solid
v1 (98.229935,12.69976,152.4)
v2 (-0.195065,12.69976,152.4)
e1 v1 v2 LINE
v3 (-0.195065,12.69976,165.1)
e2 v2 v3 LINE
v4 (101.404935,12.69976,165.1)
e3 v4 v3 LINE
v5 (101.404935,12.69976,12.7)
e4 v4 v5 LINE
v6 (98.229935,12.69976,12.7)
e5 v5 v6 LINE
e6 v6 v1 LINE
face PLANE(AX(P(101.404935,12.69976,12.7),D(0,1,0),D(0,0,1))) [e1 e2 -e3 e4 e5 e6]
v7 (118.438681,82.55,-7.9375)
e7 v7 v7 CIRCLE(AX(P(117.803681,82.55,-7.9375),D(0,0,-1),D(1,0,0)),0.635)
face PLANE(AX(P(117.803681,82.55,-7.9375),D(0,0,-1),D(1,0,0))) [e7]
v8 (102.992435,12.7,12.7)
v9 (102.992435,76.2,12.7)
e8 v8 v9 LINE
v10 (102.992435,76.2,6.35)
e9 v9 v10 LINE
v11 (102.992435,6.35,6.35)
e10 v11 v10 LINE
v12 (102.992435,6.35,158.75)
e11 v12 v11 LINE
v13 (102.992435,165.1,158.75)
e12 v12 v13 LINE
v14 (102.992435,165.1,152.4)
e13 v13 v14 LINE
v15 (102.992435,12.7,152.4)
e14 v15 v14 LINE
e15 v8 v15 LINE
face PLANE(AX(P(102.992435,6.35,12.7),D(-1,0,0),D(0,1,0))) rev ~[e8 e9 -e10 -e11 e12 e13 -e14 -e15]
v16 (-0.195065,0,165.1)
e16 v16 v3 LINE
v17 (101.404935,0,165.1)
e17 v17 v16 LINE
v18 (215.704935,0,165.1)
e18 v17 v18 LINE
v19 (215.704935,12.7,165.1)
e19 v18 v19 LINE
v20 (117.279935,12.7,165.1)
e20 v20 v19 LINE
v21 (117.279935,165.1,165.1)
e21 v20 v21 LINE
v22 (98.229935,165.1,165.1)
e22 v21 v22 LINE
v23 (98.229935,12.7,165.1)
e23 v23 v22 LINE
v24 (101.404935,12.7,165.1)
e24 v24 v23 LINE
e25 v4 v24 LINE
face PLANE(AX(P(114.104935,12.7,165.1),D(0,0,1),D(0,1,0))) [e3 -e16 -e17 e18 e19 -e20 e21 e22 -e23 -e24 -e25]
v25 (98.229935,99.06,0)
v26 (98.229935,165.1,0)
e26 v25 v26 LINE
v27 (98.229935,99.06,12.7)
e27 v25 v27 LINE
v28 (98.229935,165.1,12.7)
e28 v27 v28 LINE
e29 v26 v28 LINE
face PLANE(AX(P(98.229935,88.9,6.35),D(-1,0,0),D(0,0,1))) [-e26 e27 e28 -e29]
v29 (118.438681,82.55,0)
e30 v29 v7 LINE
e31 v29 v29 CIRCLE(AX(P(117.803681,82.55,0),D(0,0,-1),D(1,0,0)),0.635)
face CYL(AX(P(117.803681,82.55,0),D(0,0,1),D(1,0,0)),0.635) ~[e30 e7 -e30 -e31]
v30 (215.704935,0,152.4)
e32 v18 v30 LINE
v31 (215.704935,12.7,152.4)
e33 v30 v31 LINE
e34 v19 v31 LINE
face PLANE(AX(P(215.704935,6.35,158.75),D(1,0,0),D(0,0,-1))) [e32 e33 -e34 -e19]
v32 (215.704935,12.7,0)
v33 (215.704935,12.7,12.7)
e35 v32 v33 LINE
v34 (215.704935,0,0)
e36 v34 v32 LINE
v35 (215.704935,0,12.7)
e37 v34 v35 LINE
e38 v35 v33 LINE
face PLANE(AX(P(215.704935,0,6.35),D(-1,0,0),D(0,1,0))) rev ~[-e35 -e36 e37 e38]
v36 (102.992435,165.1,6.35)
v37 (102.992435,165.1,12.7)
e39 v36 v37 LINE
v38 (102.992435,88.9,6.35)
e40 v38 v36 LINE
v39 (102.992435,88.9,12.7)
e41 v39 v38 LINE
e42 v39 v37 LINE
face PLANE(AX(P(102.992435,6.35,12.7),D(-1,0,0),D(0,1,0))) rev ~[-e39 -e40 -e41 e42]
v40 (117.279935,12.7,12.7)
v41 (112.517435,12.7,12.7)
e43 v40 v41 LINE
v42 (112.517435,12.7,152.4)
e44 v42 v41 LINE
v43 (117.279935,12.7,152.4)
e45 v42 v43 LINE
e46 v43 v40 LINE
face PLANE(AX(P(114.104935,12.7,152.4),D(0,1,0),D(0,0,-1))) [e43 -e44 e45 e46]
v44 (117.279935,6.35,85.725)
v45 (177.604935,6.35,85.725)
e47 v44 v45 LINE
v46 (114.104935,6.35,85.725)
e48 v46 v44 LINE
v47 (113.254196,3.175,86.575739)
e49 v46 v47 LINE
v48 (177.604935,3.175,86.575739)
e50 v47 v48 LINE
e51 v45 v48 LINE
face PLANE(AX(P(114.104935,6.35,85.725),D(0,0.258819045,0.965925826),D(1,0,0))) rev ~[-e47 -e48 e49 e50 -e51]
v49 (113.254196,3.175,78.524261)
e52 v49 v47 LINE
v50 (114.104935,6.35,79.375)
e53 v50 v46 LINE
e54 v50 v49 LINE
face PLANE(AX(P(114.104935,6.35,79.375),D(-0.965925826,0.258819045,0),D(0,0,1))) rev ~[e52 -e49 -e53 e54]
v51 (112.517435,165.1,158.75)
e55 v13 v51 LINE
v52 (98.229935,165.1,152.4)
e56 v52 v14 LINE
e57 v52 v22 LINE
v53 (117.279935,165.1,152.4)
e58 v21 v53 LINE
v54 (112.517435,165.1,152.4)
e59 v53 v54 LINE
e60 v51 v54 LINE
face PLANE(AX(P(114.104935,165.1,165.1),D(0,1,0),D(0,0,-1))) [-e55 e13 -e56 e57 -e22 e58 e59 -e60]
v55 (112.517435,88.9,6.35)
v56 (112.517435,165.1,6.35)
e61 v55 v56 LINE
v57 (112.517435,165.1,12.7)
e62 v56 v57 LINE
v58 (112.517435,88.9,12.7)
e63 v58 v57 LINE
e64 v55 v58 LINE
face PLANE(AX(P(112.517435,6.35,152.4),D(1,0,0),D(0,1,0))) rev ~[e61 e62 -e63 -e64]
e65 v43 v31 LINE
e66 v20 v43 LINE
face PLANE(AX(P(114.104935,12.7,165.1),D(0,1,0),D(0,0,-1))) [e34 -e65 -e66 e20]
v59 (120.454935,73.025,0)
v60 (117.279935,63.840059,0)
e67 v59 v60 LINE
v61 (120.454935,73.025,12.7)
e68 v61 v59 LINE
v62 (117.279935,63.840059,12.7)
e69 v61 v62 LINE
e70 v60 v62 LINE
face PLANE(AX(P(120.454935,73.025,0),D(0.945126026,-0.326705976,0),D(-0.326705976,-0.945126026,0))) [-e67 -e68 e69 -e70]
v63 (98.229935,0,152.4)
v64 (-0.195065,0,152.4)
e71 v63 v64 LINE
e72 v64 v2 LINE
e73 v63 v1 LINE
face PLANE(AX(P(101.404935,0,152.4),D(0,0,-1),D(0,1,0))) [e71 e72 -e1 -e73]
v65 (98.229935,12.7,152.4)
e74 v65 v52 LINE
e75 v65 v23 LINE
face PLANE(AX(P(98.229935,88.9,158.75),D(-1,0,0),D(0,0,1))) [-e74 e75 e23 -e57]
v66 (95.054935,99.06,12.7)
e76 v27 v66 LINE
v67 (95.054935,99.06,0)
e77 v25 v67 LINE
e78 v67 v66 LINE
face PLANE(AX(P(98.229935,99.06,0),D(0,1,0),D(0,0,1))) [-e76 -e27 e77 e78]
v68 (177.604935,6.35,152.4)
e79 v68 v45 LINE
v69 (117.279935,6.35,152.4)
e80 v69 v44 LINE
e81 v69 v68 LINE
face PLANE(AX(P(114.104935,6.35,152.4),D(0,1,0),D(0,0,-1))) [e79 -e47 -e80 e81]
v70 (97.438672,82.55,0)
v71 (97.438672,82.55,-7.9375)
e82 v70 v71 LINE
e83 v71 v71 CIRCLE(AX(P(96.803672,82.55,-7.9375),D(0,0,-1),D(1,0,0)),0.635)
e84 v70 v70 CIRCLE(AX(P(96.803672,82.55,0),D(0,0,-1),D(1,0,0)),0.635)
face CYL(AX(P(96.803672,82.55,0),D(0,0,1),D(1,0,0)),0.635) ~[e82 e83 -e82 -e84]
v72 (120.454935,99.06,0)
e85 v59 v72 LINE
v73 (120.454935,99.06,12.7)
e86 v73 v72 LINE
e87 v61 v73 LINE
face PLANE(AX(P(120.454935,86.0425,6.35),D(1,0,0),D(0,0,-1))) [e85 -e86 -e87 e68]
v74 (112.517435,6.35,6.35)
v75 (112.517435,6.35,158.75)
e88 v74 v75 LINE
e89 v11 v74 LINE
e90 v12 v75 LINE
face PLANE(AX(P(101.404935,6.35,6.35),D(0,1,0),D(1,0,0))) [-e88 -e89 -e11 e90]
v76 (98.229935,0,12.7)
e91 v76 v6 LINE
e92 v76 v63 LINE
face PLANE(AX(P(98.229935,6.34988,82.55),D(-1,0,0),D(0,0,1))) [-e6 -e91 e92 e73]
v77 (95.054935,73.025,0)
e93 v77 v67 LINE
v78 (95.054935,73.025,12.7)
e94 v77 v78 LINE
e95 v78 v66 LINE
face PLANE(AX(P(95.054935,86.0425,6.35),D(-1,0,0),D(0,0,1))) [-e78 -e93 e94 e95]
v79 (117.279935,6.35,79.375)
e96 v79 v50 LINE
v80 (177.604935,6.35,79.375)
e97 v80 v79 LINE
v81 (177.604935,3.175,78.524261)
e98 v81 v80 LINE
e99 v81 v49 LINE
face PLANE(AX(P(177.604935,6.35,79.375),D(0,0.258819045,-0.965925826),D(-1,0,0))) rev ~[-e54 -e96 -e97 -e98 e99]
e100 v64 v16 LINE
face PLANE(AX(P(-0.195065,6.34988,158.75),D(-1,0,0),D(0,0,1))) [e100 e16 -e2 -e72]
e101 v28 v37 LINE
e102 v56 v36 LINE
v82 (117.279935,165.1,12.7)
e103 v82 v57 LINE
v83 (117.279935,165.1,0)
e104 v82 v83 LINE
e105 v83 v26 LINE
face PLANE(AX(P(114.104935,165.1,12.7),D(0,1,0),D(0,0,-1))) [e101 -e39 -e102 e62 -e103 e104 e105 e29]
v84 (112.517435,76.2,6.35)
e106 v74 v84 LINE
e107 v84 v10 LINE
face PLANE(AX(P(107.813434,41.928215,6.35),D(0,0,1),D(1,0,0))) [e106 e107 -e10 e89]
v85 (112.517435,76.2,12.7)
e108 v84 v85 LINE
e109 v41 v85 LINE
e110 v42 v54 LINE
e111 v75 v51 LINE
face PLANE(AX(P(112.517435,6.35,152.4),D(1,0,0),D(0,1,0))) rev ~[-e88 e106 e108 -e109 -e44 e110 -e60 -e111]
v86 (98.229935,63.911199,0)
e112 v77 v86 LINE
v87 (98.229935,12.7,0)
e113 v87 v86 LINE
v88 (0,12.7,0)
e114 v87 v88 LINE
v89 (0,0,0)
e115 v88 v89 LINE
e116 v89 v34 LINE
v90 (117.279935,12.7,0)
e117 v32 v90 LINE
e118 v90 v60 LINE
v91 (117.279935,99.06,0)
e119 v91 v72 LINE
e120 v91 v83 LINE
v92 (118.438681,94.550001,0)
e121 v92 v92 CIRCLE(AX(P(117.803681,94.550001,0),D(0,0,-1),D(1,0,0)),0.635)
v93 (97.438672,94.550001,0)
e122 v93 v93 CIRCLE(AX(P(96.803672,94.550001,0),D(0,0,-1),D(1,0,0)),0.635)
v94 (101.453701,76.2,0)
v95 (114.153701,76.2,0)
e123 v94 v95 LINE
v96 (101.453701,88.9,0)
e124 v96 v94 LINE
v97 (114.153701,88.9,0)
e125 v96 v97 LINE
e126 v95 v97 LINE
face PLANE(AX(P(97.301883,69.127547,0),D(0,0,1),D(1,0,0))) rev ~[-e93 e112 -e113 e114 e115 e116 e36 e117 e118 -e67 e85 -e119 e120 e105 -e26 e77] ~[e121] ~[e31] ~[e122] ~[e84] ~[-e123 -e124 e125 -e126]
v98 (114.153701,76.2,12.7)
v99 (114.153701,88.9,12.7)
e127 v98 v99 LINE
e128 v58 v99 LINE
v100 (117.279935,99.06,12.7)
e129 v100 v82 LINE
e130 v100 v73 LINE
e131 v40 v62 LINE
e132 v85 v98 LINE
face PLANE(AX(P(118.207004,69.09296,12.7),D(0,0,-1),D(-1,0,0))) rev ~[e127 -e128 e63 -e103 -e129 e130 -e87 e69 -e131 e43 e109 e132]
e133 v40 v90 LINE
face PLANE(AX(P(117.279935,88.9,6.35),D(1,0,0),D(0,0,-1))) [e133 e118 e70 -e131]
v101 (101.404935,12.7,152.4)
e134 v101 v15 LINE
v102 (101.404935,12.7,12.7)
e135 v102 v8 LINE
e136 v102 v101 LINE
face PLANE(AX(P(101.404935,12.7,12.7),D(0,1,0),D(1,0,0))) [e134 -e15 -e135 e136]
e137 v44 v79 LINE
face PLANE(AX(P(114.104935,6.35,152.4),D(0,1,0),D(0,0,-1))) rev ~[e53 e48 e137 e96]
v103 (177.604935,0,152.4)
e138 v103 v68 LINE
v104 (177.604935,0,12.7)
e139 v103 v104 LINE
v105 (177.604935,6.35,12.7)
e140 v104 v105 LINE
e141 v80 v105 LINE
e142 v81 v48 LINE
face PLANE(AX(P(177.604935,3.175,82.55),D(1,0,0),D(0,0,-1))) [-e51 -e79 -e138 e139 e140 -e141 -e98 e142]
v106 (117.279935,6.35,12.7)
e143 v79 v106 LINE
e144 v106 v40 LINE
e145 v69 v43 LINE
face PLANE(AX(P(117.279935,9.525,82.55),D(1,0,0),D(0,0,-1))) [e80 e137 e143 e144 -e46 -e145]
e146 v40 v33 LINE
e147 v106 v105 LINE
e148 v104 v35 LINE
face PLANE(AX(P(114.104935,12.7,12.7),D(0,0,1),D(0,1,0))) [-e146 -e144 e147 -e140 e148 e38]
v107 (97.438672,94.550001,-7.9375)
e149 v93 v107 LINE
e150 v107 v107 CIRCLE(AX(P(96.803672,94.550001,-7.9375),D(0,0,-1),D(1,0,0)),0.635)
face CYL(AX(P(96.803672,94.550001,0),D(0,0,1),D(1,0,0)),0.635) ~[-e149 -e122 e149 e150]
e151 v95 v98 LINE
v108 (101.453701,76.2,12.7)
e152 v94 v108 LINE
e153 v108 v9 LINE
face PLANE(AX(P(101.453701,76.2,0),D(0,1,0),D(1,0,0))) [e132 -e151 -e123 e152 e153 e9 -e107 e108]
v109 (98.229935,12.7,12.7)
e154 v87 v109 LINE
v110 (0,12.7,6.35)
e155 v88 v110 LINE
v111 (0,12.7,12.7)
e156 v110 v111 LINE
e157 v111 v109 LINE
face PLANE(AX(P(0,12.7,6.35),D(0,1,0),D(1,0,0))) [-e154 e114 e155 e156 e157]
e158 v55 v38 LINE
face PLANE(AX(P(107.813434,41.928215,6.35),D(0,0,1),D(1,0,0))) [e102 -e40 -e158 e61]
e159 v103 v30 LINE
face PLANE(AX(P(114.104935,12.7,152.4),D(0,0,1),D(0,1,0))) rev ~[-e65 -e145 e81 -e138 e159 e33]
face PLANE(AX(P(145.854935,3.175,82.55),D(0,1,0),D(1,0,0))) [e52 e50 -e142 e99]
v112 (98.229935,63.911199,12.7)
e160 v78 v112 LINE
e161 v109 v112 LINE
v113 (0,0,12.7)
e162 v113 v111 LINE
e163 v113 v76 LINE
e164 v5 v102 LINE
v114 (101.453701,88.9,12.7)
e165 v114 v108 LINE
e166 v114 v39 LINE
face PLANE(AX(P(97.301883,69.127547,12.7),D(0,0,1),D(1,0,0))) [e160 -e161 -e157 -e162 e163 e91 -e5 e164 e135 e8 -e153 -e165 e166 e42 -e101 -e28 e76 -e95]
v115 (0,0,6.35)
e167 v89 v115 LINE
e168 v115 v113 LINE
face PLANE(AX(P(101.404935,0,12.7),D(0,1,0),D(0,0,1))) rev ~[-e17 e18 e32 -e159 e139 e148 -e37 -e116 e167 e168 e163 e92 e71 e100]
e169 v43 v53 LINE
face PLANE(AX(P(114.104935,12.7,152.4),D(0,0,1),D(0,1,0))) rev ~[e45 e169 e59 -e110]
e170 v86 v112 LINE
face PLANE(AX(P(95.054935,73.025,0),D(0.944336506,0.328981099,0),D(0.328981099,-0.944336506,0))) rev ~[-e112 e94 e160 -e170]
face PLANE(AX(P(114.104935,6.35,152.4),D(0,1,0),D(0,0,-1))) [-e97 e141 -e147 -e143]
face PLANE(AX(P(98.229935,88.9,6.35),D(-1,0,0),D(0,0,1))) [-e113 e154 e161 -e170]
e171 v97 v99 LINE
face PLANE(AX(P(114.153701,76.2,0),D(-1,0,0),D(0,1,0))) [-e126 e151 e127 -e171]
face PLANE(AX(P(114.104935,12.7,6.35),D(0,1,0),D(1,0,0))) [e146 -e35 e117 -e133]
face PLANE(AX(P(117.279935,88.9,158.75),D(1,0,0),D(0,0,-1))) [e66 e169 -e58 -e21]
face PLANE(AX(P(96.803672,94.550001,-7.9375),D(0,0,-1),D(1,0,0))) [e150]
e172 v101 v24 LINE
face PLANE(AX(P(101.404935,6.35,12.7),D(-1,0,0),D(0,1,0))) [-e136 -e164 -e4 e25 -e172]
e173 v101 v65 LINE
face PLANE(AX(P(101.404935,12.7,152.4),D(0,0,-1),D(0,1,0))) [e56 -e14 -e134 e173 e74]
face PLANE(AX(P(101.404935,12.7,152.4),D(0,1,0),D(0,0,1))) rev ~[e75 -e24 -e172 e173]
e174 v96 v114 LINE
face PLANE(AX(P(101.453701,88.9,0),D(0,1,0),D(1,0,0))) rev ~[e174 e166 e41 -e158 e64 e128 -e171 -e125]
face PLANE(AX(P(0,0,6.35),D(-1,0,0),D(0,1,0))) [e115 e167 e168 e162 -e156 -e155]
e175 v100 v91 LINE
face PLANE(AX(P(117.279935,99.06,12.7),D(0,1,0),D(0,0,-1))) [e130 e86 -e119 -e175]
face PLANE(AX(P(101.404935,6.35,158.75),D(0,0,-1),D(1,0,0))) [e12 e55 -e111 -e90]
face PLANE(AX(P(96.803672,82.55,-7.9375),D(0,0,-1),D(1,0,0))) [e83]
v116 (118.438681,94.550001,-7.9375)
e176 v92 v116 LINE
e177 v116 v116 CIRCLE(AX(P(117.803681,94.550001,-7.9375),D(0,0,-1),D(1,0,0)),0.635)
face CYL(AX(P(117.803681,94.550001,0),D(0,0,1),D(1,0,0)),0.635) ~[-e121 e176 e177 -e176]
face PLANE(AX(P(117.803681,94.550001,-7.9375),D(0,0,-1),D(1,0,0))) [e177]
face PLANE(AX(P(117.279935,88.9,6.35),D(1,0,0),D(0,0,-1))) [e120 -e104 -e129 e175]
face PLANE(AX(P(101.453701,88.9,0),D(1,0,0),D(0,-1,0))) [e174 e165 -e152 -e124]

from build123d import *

# Parameters (mm, degrees)
BOSS_EXTRUDE2_DEPTH  = 6.35
BOSS_EXTRUDE3_DEPTH  = 6.35
SKETCH3_W            = 1.5875
SKETCH3_H            = 158.75
BOSS_EXTRUDE4_DEPTH  = 6.35
SKETCH4_W            = 12.7
SKETCH4_H            = 6.35
BOSS_EXTRUDE5_DEPTH  = 158.75
SKETCH5_W            = 12.7
SKETCH5_H            = 6.35
BOSS_EXTRUDE6_DEPTH  = 158.75
SKETCH6_W            = 1.5875
SKETCH6_H            = 158.75
BOSS_EXTRUDE7_DEPTH  = 6.35
SKETCH7_W            = 1.5875
SKETCH7_H            = 158.75
BOSS_EXTRUDE8_DEPTH  = 6.35
SKETCH8_W            = 1.5875
SKETCH8_H            = 6.35
BOSS_EXTRUDE9_DEPTH  = 139.7
SKETCH10_W           = 1.5875
SKETCH10_H           = 6.35
BOSS_EXTRUDE10_DEPTH = 139.7
SKETCH11_W           = 12.7
SKETCH11_H           = 12.699759929
BOSS_EXTRUDE11_DEPTH = 101.6
SKETCH12_W           = 101.404934815
SKETCH12_H           = 12.7
BOSS_EXTRUDE12_DEPTH = 6.35
SKETCH13_W           = 101.6
SKETCH13_H           = 12.7
BOSS_EXTRUDE13_DEPTH = 6.35
SKETCH14_W           = 12.7
SKETCH14_H           = 12.7
BOSS_EXTRUDE14_DEPTH = 101.6
SKETCH15_W           = 139.7
SKETCH15_H           = 6.35
BOSS_EXTRUDE15_DEPTH = 63.5
CUT_EXTRUDE1_DEPTH   = 3.175
CUT_EXTRUDE1_DRAFT   = 15
CUT_EXTRUDE3_DEPTH   = 6.35
SKETCH18_W           = 12.7
SKETCH18_H           = 152.4
BOSS_EXTRUDE17_DEPTH = 3.175
SKETCH19_W           = 12.7
SKETCH19_H           = 152.4
BOSS_EXTRUDE18_DEPTH = 3.175
SKETCH20_W           = 12.7
SKETCH20_H           = 152.4
BOSS_EXTRUDE19_DEPTH = 3.175
SKETCH21_W           = 12.7
SKETCH21_H           = 152.4
BOSS_EXTRUDE20_DEPTH = 3.175
SKETCH22_W           = 139.7
SKETCH22_H           = 6.35
BOSS_EXTRUDE21_DEPTH = 3.175
SKETCH23_W           = 139.7
SKETCH23_H           = 12.699759929
BOSS_EXTRUDE22_DEPTH = 3.175
CUT_EXTRUDE4_DEPTH   = 12.7
SKETCH30_W           = 12.7
SKETCH30_H           = 26.035
BOSS_EXTRUDE25_DEPTH = 3.175
SKETCH31_W           = 12.7
SKETCH31_H           = 26.035
BOSS_EXTRUDE26_DEPTH = 3.175
BOSS_EXTRUDE27_DEPTH = 12.7
BOSS_EXTRUDE28_DEPTH = 12.7
SKETCH37_R           = 0.635
BOSS_EXTRUDE29_DEPTH = 7.9375


with BuildPart() as part:
    # Sketch1 → Boss-Extrude2 (new body)
    with BuildSketch(Plane.XY):
        Polygon((0, 0), (215.704934815, 0), (215.704934815, 12.7), (114.104934815, 12.7), (114.104934815, 165.1), (101.404934815, 165.1), (101.404934815, 12.7), (0, 12.7), align=None)
    extrude(amount=BOSS_EXTRUDE2_DEPTH)

    # Sketch2 → Boss-Extrude3 (add)
    with BuildSketch(Plane.XY.offset(6.35)):
        Polygon((101.404934815, 12.7), (101.404934815, 6.35), (102.992434815, 6.35), (102.992434815, 165.1), (101.404934815, 165.1), align=None)
    extrude(amount=BOSS_EXTRUDE3_DEPTH)

    # Sketch3 → Boss-Extrude4 (add)
    with BuildSketch(Plane.XY.offset(6.35)):
        with Locations((113.311184815, 85.725)):
            Rectangle(SKETCH3_W, SKETCH3_H)
    extrude(amount=BOSS_EXTRUDE4_DEPTH)

    # Sketch4 → Boss-Extrude5 (add)
    with BuildSketch(Plane.XY.offset(6.35)):
        with Locations((107.754934815, 3.175)):
            Rectangle(SKETCH4_W, SKETCH4_H)
    extrude(amount=BOSS_EXTRUDE5_DEPTH)

    # Sketch5 → Boss-Extrude6 (add)
    with BuildSketch(Plane(origin=(0, 6.35, 0), x_dir=(1, 0, 0), z_dir=(0, 1, 0))):
        with Locations((107.754934815, -161.925)):
            Rectangle(SKETCH5_W, SKETCH5_H)
    extrude(amount=BOSS_EXTRUDE6_DEPTH)

    # Sketch6 → Boss-Extrude7 (add)
    with BuildSketch(Plane(origin=(0, 0, 158.75), x_dir=(-1, 0, 0), z_dir=(0, 0, -1))):
        with Locations((-102.198684815, 85.725)):
            Rectangle(SKETCH6_W, SKETCH6_H)
    extrude(amount=BOSS_EXTRUDE7_DEPTH)

    # Sketch7 → Boss-Extrude8 (add)
    with BuildSketch(Plane(origin=(0, 0, 158.75), x_dir=(-1, 0, 0), z_dir=(0, 0, -1))):
        with Locations((-113.311184815, 85.725)):
            Rectangle(SKETCH7_W, SKETCH7_H)
    extrude(amount=BOSS_EXTRUDE8_DEPTH)

    # Sketch8 → Boss-Extrude9 (add)
    with BuildSketch(Plane(origin=(0, 0, 152.4), x_dir=(-1, 0, 0), z_dir=(0, 0, -1))):
        with Locations((-113.311184815, 9.525)):
            Rectangle(SKETCH8_W, SKETCH8_H)
    extrude(amount=BOSS_EXTRUDE9_DEPTH)

    # Sketch10 → Boss-Extrude10 (add)
    with BuildSketch(Plane.XY.offset(12.7)):
        with Locations((102.198684815, 9.525)):
            Rectangle(SKETCH10_W, SKETCH10_H)
    extrude(amount=BOSS_EXTRUDE10_DEPTH)

    # Sketch11 → Boss-Extrude11 (add)
    with BuildSketch(Plane.ZY.offset(-101.404934815)):
        with Locations((158.75, 6.349879965)):
            Rectangle(SKETCH11_W, SKETCH11_H)
    extrude(amount=BOSS_EXTRUDE11_DEPTH)

    # Sketch12 → Boss-Extrude12 (add)
    with BuildSketch(Plane.XY.offset(6.35)):
        with Locations((50.702467408, 6.35)):
            Rectangle(SKETCH12_W, SKETCH12_H)
    extrude(amount=BOSS_EXTRUDE12_DEPTH)

    # Sketch13 → Boss-Extrude13 (add)
    with BuildSketch(Plane.XY.offset(6.35)):
        with Locations((164.904934815, 6.35)):
            Rectangle(SKETCH13_W, SKETCH13_H)
    extrude(amount=BOSS_EXTRUDE13_DEPTH)

    # Sketch14 → Boss-Extrude14 (add)
    with BuildSketch(Plane(origin=(114.104934815, 0, 0), x_dir=(0, 0, -1), z_dir=(1, 0, 0))):
        with Locations((-158.75, 6.35)):
            Rectangle(SKETCH14_W, SKETCH14_H)
    extrude(amount=BOSS_EXTRUDE14_DEPTH)

    # Sketch15 → Boss-Extrude15 (add)
    with BuildSketch(Plane(origin=(114.104934815, 0, 0), x_dir=(0, 0, -1), z_dir=(1, 0, 0))):
        with Locations((-82.55, 3.175)):
            Rectangle(SKETCH15_W, SKETCH15_H)
    extrude(amount=BOSS_EXTRUDE15_DEPTH)


with BuildPart() as cut_extrude1_tool:
    # Sketch16 → Cut-Extrude1 (with draft: the straight prism first)
    with BuildSketch(Plane(origin=(0, 6.35, 0), x_dir=(1, 0, 0), z_dir=(0, 1, 0))):
        Polygon((177.604934815, -82.55), (177.604934815, -79.375), (114.104934815, -79.375), (114.104934815, -82.55), (114.104934815, -85.725), (177.604934815, -85.725), align=None)
    extrude(amount=-CUT_EXTRUDE1_DEPTH)
    # Cut-Extrude1: the draft: its side faces are tilted about the plane it starts from
    cut_extrude1_sides = [cut_extrude1_tool.faces().sort_by_distance(p)[0] for p in [
        (177.604934815, 4.7625, 82.55),
        (114.104934815, 4.7625, 82.55),
        (145.854934815, 4.7625, 85.725),
        (145.854934815, 4.7625, 79.375),
    ]]
    draft(cut_extrude1_sides, Plane(origin=(0, 6.35, 0), x_dir=(1, 0, 0), z_dir=(0, 1, 0)), CUT_EXTRUDE1_DRAFT)


with BuildPart() as part_1:
    add(part.part)

    # Cut-Extrude1: cut by cut_extrude1_tool
    add(cut_extrude1_tool.part, mode=Mode.SUBTRACT)

    # Sketch17 → Cut-Extrude3 (cut)
    with BuildSketch(Plane(origin=(0, 0, 0), x_dir=(-1, 0, 0), z_dir=(0, 0, -1))):
        Polygon((-107.803701111, 87.3125), (-112.566201111, 87.3125), (-112.566201111, 82.55), (-112.566201111, 77.784684897), (-107.806516214, 77.784684897), (-103.041201111, 77.784684897), (-103.041201111, 82.55), (-103.041201111, 87.3125), align=None)
    extrude(amount=-CUT_EXTRUDE3_DEPTH, mode=Mode.SUBTRACT)

    # Sketch18 → Boss-Extrude17 (add)
    with BuildSketch(Plane.ZY.offset(-101.404934815)):
        with Locations((6.35, 88.9)):
            Rectangle(SKETCH18_W, SKETCH18_H)
    extrude(amount=BOSS_EXTRUDE17_DEPTH)

    # Sketch19 → Boss-Extrude18 (add)
    with BuildSketch(Plane(origin=(114.104934815, 0, 0), x_dir=(0, 0, -1), z_dir=(1, 0, 0))):
        with Locations((-6.35, 88.9)):
            Rectangle(SKETCH19_W, SKETCH19_H)
    extrude(amount=BOSS_EXTRUDE18_DEPTH)

    # Sketch20 → Boss-Extrude19 (add)
    with BuildSketch(Plane.ZY.offset(-101.404934815)):
        with Locations((158.75, 88.9)):
            Rectangle(SKETCH20_W, SKETCH20_H)
    extrude(amount=BOSS_EXTRUDE19_DEPTH)

    # Sketch21 → Boss-Extrude20 (add)
    with BuildSketch(Plane(origin=(114.104934815, 0, 0), x_dir=(0, 0, -1), z_dir=(1, 0, 0))):
        with Locations((-158.75, 88.9)):
            Rectangle(SKETCH21_W, SKETCH21_H)
    extrude(amount=BOSS_EXTRUDE20_DEPTH)

    # Sketch22 → Boss-Extrude21 (add)
    with BuildSketch(Plane(origin=(114.104934815, 0, 0), x_dir=(0, 0, -1), z_dir=(1, 0, 0))):
        with Locations((-82.55, 9.525)):
            Rectangle(SKETCH22_W, SKETCH22_H)
    extrude(amount=BOSS_EXTRUDE21_DEPTH)

    # Sketch23 → Boss-Extrude22 (add)
    with BuildSketch(Plane.ZY.offset(-101.404934815)):
        with Locations((82.55, 6.349879965)):
            Rectangle(SKETCH23_W, SKETCH23_H)
    extrude(amount=BOSS_EXTRUDE22_DEPTH)

    # Sketch25 → Cut-Extrude4 (cut)
    with BuildSketch(Plane(origin=(0, 0, 0), x_dir=(-1, 0, 0), z_dir=(0, 0, -1))):
        Polygon((-112.566201111, 88.9), (-101.453701111, 88.9), (-101.453701111, 76.2), (-114.153701111, 76.2), (-114.153701111, 88.9), align=None)
    extrude(amount=-CUT_EXTRUDE4_DEPTH, mode=Mode.SUBTRACT)

    # Sketch30 → Boss-Extrude25 (add)
    with BuildSketch(Plane(origin=(117.279934815, 0, 0), x_dir=(0, 0, -1), z_dir=(1, 0, 0))):
        with Locations((-6.35, 86.0425)):
            Rectangle(SKETCH30_W, SKETCH30_H)
    extrude(amount=BOSS_EXTRUDE25_DEPTH)

    # Sketch31 → Boss-Extrude26 (add)
    with BuildSketch(Plane.ZY.offset(-98.229934815)):
        with Locations((6.35, 86.0425)):
            Rectangle(SKETCH31_W, SKETCH31_H)
    extrude(amount=BOSS_EXTRUDE26_DEPTH)

    # Sketch32 → Boss-Extrude27 (add)
    with BuildSketch(Plane(origin=(0, 0, 0), x_dir=(-1, 0, 0), z_dir=(0, 0, -1))):
        Polygon((-120.454934815, 73.025), (-117.279934815, 63.840058945), (-117.279934815, 73.025), align=None)
    extrude(amount=-BOSS_EXTRUDE27_DEPTH)

    # Sketch36 → Boss-Extrude28 (add)
    with BuildSketch(Plane(origin=(0, 0, 0), x_dir=(-1, 0, 0), z_dir=(0, 0, -1))):
        Polygon((-95.054934815, 73.025), (-98.229934815, 63.911198594), (-98.229934815, 73.025), align=None)
    extrude(amount=-BOSS_EXTRUDE28_DEPTH)

    # Sketch37 → Boss-Extrude29 (add)
    with BuildSketch(Plane(origin=(0, 0, 0), x_dir=(-1, 0, 0), z_dir=(0, 0, -1))):
        with Locations((-117.803681111, 82.55)):
            Circle(SKETCH37_R)
        with Locations((-96.803672311, 82.55)):
            Circle(SKETCH37_R)
        with Locations((-96.803672311, 94.5500014)):
            Circle(SKETCH37_R)
        with Locations((-117.803681111, 94.5500014)):
            Circle(SKETCH37_R)
    extrude(amount=BOSS_EXTRUDE29_DEPTH)


solid = part_1.part
